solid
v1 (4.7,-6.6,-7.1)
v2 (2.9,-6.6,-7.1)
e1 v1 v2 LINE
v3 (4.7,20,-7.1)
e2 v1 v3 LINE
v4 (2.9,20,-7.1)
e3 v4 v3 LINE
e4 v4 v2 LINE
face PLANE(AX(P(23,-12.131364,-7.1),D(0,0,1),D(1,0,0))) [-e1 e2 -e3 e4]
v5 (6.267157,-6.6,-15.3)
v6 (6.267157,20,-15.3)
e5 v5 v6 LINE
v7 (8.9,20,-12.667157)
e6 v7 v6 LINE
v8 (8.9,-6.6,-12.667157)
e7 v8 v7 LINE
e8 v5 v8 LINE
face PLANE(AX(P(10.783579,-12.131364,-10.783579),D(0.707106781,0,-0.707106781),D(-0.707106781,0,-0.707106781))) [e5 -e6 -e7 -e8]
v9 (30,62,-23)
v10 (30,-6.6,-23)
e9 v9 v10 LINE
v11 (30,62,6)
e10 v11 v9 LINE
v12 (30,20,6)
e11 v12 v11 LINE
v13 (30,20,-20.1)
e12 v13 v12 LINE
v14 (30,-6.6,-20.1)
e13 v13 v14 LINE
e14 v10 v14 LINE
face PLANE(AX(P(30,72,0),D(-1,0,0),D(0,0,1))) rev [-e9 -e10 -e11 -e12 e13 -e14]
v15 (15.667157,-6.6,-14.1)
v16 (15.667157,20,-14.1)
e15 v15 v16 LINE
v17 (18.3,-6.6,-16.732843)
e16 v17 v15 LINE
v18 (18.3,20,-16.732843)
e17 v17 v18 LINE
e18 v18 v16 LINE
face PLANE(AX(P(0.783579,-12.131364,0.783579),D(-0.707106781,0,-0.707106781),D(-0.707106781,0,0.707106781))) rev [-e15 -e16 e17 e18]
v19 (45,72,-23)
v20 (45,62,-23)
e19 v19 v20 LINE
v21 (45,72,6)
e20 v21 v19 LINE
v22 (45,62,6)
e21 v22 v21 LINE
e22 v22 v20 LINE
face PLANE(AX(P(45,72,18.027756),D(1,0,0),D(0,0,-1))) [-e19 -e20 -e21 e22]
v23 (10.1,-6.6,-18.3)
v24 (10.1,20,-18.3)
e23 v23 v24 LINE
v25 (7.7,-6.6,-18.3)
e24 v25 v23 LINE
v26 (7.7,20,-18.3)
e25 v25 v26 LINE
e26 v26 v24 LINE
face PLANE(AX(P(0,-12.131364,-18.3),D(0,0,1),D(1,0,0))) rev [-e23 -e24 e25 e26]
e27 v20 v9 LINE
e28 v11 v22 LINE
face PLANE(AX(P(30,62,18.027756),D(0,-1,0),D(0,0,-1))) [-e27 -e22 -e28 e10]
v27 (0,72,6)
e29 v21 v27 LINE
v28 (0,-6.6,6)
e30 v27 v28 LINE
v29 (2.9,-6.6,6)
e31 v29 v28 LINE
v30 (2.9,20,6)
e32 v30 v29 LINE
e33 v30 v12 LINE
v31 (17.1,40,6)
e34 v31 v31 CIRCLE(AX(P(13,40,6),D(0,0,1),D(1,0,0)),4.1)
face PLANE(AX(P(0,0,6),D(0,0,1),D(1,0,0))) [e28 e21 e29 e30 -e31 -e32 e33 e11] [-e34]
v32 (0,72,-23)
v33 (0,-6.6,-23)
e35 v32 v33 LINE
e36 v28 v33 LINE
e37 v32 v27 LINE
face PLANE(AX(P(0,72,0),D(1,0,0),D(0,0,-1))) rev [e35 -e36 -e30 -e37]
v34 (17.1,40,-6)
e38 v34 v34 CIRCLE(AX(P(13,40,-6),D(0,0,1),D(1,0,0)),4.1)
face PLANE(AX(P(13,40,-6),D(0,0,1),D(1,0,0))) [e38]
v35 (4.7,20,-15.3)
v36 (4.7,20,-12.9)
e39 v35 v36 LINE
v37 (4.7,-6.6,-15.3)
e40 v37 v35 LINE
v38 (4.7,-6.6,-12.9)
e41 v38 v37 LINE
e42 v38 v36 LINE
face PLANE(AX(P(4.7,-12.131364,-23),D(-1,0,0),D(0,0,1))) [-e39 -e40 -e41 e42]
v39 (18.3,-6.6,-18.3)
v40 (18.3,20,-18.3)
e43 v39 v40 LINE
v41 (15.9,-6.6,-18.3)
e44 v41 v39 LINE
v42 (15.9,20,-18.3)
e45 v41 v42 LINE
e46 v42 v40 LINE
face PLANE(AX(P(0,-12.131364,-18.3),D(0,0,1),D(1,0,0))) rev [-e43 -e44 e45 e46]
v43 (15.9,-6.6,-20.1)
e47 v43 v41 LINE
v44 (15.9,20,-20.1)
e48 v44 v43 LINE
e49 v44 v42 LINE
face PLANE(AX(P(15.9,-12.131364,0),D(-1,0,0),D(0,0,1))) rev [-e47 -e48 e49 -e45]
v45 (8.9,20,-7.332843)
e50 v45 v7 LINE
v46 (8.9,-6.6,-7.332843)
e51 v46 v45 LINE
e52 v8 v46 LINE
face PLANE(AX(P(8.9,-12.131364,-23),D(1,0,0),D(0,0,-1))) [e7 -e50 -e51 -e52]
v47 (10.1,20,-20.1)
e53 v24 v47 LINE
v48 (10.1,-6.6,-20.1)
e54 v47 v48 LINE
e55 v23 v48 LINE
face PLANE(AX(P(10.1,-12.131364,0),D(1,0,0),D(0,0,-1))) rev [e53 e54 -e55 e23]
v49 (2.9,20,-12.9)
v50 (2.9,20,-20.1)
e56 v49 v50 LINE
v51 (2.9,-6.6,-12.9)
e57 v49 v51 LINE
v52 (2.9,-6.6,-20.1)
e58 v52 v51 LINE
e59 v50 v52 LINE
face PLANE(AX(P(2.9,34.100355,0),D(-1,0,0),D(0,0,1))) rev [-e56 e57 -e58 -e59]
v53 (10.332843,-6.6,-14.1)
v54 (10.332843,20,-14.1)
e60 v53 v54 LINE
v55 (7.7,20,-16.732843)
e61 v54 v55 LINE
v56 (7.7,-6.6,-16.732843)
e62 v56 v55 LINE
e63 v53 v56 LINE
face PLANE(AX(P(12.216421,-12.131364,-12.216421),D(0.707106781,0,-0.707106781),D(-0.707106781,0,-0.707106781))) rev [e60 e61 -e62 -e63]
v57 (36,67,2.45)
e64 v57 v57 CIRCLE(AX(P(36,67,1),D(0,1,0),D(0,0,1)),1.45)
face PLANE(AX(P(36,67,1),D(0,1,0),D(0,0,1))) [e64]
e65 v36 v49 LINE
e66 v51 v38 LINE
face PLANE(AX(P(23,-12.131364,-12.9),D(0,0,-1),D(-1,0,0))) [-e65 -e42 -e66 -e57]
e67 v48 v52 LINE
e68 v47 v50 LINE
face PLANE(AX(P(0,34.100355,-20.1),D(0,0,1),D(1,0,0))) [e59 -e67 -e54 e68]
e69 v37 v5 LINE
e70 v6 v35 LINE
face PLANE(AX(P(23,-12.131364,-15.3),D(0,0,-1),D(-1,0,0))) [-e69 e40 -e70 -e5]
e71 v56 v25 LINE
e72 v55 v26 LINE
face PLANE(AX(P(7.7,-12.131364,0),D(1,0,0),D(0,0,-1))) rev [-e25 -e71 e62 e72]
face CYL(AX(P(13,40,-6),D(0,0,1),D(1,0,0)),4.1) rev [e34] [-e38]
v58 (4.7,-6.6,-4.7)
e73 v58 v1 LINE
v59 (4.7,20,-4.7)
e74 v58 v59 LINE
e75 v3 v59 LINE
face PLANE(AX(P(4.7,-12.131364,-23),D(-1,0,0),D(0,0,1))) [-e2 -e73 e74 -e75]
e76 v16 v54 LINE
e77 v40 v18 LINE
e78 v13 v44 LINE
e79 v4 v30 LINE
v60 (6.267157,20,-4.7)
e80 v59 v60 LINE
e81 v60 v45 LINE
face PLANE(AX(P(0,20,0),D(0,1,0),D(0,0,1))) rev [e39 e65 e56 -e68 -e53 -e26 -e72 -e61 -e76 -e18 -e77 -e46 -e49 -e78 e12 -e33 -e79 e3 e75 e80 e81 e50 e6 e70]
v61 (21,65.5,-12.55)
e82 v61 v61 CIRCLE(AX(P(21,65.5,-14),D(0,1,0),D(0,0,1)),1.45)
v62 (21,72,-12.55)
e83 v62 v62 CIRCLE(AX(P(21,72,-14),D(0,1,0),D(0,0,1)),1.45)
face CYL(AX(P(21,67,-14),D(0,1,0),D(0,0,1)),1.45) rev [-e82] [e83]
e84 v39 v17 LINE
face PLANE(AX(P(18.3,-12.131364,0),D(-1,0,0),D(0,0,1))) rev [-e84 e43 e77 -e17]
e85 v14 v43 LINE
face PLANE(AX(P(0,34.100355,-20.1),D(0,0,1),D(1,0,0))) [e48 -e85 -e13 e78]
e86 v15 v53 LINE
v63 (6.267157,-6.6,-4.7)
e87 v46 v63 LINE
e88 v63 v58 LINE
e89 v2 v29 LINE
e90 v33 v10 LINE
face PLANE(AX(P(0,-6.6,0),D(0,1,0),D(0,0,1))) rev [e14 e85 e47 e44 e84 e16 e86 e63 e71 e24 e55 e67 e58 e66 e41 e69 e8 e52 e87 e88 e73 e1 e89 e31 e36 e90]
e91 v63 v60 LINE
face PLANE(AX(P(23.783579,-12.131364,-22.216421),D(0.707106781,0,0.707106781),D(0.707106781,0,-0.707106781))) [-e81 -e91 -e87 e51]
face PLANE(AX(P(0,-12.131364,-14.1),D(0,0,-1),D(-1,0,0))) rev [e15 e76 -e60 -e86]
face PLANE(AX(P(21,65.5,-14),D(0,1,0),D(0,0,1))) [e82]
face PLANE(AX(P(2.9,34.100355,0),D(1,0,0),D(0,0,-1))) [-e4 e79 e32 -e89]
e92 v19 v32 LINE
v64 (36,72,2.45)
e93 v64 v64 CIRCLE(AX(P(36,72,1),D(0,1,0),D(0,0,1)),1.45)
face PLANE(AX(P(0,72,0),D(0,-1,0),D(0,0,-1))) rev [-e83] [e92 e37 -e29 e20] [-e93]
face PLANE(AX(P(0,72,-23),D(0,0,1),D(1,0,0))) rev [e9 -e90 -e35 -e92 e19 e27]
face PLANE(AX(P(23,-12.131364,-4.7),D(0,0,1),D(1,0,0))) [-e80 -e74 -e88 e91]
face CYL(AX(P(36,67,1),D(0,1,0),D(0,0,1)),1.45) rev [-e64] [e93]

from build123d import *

# Parameters (mm, degrees)
SKETCH_1_W          = 30
SKETCH_1_H          = 23
EXTRUDE_1_DEPTH     = 72
SKETCH_2_W          = 27
SKETCH_2_H          = 20
CUT_EXTRUDE_1_DEPTH = 20
SKETCH_3_R          = 4.1
CUT_EXTRUDE_2_DEPTH = 6
SKETCH_7_W          = 15
SKETCH_7_H          = 10
EXTRUDE_2_DEPTH     = 23
EXTRUDE_3_DEPTH     = 20
EXTRUDE_START       = 6
SKETCH_11_R         = 4.1
EXTRUDE_5_DEPTH     = 6
SKETCH_12_R         = 1.45
CUT_EXTRUDE_3_DEPTH = 5
SKETCH_13_R         = 1.45
CUT_EXTRUDE_4_DEPTH = 1.5
SKETCH_14_W         = 7.1
SKETCH_14_H         = 0.1
SKETCH_14_W_2       = 14.1
SKETCH_14_W_3       = 0.1
SKETCH_14_H_2       = 13.1
CUT_EXTRUDE_5_DEPTH = 20
EXTRUDE_6_DEPTH     = 6.6


with BuildPart() as part:
    # 草图1 → 凸台-拉伸1 (new body)
    with BuildSketch(Plane(origin=(0, 0, 0), x_dir=(1, 0, 0), z_dir=(0, 1, 0))):
        with Locations((15, 11.5)):
            Rectangle(SKETCH_1_W, SKETCH_1_H)
    extrude(amount=EXTRUDE_1_DEPTH)

    # 草图2 → 切除-拉伸1 (cut)
    with BuildSketch(Plane.XZ):
        with Locations((16.5, -10)):
            Rectangle(SKETCH_2_W, SKETCH_2_H)
    extrude(amount=-CUT_EXTRUDE_1_DEPTH, mode=Mode.SUBTRACT)

    # 草图3 → 切除-拉伸2 (cut)
    with BuildSketch(Plane.XY):
        with Locations((13, 40)):
            Circle(SKETCH_3_R)
    extrude(amount=-CUT_EXTRUDE_2_DEPTH, mode=Mode.SUBTRACT)

    # 草图7 → 凸台-拉伸2 (add)
    with BuildSketch(Plane(origin=(0, 0, -23), x_dir=(-1, 0, 0), z_dir=(0, 0, -1))):
        with Locations((-37.5, 67)):
            Rectangle(SKETCH_7_W, SKETCH_7_H)
    extrude(amount=-EXTRUDE_2_DEPTH)

    # 草图9 → 凸台-拉伸3 (add)
    with BuildSketch(Plane.XZ.offset(-20)):
        Polygon((10.1, -20), (15.9, -20), (15.9, -18.3), (18.3, -18.3), (18.3, -16.732842713), (15.667157288, -14.1), (10.332842713, -14.1), (7.7, -16.732842713), (7.7, -18.3), (10.1, -18.3), align=None)
    extrude_3 = extrude(amount=EXTRUDE_3_DEPTH)

    # 镜向1: 凸台-拉伸3 across plane
    add(extrude_3.mirror(Plane(origin=(11.5, 0, -11.5), x_dir=(0.7071067811865478, 0, 0.7071067811865472), z_dir=(0.7071067811865475, 0, -0.7071067811865477))))

    # 草图11 → 凸台-拉伸5 (add)
    with BuildSketch(Plane.XY.offset(EXTRUDE_START)):
        Polygon((0, 0), (3, 0), (3, 20), (30, 20), (30, 62), (45, 62), (45, 72), (0, 72), align=None)
        with Locations((13, 40)):
            Circle(SKETCH_11_R, mode=Mode.SUBTRACT)
    extrude(amount=-EXTRUDE_5_DEPTH)

    # 草图12 → 切除-拉伸3 (cut)
    with BuildSketch(Plane(origin=(0, 72, 0), x_dir=(1, 0, 0), z_dir=(0, 1, 0))):
        with Locations(Location((21, 14, 0), (0, 0, 270))):
            Circle(SKETCH_12_R)
        with Locations(Location((36, -1, 0), (0, 0, 270))):
            Circle(SKETCH_12_R)
    extrude(amount=-CUT_EXTRUDE_3_DEPTH, mode=Mode.SUBTRACT)

    # 草图13 → 切除-拉伸4 (cut)
    with BuildSketch(Plane(origin=(0, 67, 0), x_dir=(1, 0, 0), z_dir=(0, 1, 0))):
        with Locations(Location((21, 14, 0), (0, 0, 270))):
            Circle(SKETCH_13_R)
    extrude(amount=-CUT_EXTRUDE_4_DEPTH, mode=Mode.SUBTRACT)

    # 草图14 → 切除-拉伸5 (cut)
    with BuildSketch(Plane.XZ):
        with Locations((6.55, -20.05)):
            Rectangle(SKETCH_14_W, SKETCH_14_H)
        Polygon((3, -12.9), (2.9, -12.9), (2.9, -20.1), (3, -20.1), (3, -20), align=None)
        with Locations((22.95, -20.05)):
            Rectangle(SKETCH_14_W_2, SKETCH_14_H)
        with Locations((2.95, -0.55)):
            Rectangle(SKETCH_14_W_3, SKETCH_14_H_2)
    extrude(amount=-CUT_EXTRUDE_5_DEPTH, mode=Mode.SUBTRACT)

    # 草图15 → 凸台-拉伸6 (add)
    with BuildSketch(Plane.XZ):
        Polygon((4.7, -7.1), (2.9, -7.1), (2.9, 6), (0, 6), (0, -23), (30, -23), (30, -20.1), (15.9, -20.1), (15.9, -18.3), (18.3, -18.3), (18.3, -16.732842713), (15.667157288, -14.1), (10.332842713, -14.1), (7.7, -16.732842713), (7.7, -18.3), (10.1, -18.3), (10.1, -20.1), (2.9, -20.1), (2.9, -12.9), (4.7, -12.9), (4.7, -15.3), (6.267157287, -15.3), (8.9, -12.667157287), (8.9, -7.332842712), (6.267157287, -4.7), (4.7, -4.7), align=None)
    extrude(amount=EXTRUDE_6_DEPTH)


solid = part.part
